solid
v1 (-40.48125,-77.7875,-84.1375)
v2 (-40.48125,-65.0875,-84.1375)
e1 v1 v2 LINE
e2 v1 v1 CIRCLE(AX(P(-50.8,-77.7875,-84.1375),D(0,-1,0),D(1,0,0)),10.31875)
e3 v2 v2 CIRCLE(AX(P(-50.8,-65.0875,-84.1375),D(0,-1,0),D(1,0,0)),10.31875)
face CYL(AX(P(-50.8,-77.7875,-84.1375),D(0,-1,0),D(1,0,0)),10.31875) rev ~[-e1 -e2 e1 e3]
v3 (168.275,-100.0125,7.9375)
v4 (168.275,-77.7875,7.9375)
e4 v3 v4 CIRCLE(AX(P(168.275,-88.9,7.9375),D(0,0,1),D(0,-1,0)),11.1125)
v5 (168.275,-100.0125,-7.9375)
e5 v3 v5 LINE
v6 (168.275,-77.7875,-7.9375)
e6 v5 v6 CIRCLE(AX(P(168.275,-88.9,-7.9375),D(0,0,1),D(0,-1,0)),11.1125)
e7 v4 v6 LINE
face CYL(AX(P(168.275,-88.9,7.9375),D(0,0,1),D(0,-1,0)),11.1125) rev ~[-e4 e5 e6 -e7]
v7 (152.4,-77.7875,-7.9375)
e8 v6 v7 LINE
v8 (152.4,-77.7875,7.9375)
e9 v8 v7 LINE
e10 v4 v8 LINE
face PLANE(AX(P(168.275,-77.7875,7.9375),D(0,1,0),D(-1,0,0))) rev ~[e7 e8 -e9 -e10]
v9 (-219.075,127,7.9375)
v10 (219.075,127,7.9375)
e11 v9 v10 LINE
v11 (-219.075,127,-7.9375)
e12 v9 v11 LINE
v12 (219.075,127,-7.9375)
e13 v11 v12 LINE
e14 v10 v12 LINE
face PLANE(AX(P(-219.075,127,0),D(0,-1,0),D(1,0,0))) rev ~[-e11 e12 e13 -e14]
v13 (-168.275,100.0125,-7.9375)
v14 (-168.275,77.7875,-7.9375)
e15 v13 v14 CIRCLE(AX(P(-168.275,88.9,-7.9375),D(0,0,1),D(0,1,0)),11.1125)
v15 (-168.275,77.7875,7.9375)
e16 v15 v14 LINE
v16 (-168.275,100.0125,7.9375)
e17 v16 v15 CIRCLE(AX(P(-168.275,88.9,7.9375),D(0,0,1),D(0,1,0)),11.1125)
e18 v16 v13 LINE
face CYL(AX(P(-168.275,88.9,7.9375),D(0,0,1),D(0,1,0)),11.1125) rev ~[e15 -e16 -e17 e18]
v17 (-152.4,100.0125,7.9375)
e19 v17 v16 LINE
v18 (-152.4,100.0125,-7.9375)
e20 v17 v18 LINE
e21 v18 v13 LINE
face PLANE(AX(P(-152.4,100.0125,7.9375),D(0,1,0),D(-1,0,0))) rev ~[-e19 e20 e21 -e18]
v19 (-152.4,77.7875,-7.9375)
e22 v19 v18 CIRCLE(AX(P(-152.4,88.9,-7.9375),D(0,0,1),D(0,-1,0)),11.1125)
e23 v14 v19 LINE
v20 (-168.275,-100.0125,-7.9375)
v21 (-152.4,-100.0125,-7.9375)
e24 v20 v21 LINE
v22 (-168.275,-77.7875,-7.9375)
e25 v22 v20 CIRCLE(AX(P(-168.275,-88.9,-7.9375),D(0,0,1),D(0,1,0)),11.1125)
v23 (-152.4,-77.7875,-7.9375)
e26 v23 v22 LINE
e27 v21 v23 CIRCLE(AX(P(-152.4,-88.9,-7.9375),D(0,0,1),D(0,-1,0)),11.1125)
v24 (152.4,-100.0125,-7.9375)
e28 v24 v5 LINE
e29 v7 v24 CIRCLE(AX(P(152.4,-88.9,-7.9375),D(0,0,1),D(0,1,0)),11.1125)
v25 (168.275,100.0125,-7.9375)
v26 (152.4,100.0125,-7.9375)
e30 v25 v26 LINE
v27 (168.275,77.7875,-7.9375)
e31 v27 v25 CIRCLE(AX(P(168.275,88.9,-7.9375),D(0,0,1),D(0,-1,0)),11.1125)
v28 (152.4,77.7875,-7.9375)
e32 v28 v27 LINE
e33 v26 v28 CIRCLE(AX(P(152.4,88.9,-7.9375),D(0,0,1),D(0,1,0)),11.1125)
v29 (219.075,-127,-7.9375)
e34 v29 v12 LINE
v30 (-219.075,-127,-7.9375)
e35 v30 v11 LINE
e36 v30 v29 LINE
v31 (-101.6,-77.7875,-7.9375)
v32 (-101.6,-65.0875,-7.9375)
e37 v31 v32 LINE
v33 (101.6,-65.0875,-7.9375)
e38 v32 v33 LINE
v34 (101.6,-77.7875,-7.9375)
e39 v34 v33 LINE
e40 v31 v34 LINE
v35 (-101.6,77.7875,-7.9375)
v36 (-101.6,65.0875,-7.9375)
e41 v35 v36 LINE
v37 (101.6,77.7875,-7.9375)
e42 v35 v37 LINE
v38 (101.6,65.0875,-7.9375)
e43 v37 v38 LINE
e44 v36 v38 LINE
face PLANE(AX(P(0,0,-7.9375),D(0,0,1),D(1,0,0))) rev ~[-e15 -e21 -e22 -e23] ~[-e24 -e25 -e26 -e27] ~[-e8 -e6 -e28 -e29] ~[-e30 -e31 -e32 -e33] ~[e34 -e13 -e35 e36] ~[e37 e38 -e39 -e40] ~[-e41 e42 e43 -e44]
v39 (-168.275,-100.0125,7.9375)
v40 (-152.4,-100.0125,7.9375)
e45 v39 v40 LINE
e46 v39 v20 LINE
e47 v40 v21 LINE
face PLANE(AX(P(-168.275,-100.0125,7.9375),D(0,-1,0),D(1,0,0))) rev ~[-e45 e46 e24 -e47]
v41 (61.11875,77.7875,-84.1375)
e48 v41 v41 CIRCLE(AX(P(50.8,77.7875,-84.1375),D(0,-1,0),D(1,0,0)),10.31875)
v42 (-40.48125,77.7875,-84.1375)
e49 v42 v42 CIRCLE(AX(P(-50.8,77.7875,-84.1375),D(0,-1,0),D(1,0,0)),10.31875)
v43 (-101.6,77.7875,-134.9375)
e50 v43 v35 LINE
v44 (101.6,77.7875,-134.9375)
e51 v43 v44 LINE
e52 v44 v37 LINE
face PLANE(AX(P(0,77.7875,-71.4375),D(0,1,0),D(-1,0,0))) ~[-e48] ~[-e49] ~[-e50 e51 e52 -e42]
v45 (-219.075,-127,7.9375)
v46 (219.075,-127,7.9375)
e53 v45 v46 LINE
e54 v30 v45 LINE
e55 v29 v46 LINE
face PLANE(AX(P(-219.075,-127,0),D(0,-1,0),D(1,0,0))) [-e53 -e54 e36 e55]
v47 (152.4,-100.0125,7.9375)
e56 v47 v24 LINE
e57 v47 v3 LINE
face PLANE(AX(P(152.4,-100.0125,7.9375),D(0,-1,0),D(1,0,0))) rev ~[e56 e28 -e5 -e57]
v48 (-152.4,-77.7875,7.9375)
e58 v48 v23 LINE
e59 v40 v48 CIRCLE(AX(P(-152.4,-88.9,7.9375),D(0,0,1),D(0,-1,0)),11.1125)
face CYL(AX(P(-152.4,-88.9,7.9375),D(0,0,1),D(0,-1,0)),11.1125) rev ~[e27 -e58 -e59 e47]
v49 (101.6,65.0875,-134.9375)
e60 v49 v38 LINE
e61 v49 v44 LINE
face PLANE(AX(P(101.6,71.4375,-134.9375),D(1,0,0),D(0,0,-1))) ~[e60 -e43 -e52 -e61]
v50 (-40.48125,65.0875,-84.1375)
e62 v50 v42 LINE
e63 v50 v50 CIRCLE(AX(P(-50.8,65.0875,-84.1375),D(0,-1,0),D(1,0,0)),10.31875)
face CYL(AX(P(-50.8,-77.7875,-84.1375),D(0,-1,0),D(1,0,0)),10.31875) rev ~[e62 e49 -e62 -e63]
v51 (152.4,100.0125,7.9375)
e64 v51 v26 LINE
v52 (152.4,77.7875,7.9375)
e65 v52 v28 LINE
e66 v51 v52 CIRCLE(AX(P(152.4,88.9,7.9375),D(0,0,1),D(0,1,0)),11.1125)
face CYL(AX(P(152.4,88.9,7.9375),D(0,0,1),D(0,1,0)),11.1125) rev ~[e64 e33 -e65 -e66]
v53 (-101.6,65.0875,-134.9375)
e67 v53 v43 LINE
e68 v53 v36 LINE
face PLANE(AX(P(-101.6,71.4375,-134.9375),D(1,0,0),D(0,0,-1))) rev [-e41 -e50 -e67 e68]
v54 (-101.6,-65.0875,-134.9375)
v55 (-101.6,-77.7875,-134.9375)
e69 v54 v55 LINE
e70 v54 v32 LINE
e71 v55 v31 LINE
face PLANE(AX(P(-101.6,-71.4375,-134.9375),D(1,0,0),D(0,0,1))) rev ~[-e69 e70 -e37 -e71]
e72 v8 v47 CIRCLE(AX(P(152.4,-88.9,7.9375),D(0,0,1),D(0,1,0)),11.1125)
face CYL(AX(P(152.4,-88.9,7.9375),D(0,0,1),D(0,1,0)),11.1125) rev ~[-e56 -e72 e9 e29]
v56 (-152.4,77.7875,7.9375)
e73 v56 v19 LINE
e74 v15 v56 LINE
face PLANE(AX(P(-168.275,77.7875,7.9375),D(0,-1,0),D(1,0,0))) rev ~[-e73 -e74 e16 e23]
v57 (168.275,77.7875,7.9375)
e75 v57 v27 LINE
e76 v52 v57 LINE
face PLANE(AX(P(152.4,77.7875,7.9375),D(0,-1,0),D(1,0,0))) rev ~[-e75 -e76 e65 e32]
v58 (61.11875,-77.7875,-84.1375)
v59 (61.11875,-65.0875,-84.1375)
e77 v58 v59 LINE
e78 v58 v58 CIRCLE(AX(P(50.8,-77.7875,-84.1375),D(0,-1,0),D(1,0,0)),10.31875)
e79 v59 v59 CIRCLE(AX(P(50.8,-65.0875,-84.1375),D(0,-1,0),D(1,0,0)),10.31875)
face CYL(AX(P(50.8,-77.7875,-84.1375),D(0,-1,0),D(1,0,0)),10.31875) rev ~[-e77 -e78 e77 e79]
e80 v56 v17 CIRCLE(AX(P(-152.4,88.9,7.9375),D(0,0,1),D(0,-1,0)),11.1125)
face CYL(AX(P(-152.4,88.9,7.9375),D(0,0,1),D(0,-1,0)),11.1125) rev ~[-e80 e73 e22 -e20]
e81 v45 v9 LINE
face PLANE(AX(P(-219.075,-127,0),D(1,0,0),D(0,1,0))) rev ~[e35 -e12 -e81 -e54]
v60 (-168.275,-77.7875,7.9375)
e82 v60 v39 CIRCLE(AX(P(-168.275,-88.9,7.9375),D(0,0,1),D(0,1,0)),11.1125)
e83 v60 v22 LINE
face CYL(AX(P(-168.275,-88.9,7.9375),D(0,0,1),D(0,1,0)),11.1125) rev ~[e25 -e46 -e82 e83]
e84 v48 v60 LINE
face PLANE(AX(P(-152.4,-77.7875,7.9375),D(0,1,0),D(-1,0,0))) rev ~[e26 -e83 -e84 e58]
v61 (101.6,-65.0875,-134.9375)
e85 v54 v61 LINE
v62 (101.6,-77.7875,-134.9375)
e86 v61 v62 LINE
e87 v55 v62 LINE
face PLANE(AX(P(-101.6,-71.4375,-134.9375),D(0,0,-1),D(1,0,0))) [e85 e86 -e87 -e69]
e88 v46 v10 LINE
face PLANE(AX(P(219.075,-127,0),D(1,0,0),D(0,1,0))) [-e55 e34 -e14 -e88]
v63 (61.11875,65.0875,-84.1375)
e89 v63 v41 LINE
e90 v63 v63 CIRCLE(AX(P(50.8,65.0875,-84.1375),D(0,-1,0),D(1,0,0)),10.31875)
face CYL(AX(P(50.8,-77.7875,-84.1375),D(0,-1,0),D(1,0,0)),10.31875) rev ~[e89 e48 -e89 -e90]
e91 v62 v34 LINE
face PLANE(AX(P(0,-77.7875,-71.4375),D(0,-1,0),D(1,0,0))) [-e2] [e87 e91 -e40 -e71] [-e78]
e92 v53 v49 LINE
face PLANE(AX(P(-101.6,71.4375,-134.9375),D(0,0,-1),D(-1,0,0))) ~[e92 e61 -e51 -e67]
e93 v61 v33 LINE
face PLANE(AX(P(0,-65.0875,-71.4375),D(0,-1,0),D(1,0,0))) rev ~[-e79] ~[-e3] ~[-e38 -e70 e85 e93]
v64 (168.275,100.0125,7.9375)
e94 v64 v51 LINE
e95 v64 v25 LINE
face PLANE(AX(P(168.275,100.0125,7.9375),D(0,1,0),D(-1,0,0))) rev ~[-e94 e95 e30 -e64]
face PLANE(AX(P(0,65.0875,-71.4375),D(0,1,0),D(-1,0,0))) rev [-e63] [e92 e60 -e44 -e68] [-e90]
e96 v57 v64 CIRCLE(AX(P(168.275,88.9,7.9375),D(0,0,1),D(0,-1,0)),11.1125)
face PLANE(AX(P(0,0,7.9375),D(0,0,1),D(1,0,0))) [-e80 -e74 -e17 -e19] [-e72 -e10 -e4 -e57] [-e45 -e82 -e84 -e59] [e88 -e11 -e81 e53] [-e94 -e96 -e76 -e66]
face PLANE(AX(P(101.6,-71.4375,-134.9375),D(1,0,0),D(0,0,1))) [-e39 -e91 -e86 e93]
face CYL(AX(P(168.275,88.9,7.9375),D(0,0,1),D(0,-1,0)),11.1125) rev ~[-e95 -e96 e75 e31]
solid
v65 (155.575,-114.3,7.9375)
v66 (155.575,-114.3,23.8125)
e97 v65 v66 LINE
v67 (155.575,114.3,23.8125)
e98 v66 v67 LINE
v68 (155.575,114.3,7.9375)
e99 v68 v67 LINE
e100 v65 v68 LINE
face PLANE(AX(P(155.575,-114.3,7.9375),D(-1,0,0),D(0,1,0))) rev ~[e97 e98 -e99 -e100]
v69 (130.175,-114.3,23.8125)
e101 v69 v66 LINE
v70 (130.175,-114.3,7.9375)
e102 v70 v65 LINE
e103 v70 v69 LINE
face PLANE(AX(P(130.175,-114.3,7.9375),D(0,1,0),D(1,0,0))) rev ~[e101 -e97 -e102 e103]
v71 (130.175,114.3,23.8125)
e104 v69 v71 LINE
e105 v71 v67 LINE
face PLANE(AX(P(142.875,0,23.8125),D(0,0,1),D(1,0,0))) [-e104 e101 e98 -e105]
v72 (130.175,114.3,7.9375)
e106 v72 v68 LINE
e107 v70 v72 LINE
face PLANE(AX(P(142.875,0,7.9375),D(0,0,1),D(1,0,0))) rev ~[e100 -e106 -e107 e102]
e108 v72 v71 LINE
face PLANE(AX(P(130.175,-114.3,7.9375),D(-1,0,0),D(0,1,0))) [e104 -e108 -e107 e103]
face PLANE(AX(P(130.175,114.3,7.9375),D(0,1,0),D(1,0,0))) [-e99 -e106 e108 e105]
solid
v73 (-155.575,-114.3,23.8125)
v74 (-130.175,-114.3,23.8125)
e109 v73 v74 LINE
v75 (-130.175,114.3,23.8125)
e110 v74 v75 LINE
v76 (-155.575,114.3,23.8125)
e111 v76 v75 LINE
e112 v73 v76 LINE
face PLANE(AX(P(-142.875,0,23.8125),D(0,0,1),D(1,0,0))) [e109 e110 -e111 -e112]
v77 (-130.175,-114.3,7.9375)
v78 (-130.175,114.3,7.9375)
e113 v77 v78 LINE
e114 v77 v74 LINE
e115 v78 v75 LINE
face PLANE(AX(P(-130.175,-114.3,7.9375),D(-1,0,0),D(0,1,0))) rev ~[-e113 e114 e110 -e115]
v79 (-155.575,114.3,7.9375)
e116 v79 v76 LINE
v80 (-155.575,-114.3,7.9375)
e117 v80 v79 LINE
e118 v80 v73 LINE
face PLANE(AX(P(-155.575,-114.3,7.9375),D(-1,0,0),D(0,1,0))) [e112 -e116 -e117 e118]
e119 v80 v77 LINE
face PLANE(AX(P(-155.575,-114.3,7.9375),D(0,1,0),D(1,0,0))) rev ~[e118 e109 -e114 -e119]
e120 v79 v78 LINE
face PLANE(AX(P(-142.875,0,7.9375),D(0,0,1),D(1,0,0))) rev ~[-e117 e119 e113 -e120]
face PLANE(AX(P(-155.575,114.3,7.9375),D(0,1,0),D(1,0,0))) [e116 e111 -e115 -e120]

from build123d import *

# Parameters (mm, degrees)
F0_W      = 438.15
F0_H      = 254
F1_DEPTH  = 7.9375
F2_W      = 203.2
F2_H      = 127
F3_DEPTH  = 6.35
F7_W      = 25.4
F7_H      = 228.6
F8_DEPTH  = 15.875
F10_DEPTH = 142.876
F11_R     = 10.31875
F12_DEPTH = 204.7885


with BuildPart() as f1:
    # F0 (on Top) → F1 (new body, symmetric)
    with BuildSketch(Plane.XY):
        Rectangle(F0_W, F0_H)
    extrude(amount=F1_DEPTH, both=True)



with BuildPart() as f3:
    # F2 (on Front) → F3 (new body, symmetric)
    with BuildSketch(Plane.XZ):
        with Locations((0, -71.4375)):
            Rectangle(F2_W, F2_H)
    extrude(amount=F3_DEPTH, both=True)


with BuildPart() as f3_1:
    # F4: moved
    add(f3.part.moved(Location((0, -71.4375, 0))))


with BuildPart() as f1_1:
    add(f1.part)

    add(f3_1.part)  # F6 merges F3
    # F6: F3 across plane
    add(f3_1.part.mirror(Plane.XZ))

    # F9 (on face) → F10 (cut, through all)
    with BuildSketch(Plane.XY.offset(7.9375)):
        with BuildLine():
            Line((-152.4, -77.7875), (-168.275, -77.7875))
            ThreePointArc((-168.275, -77.7875), (-179.3875, -88.9), (-168.275, -100.0125))
            Line((-168.275, -100.0125), (-152.4, -100.0125))
            ThreePointArc((-152.4, -100.0125), (-141.2875, -88.9), (-152.4, -77.7875))
        make_face()
        with BuildLine():
            ThreePointArc((-168.275, 100.0125), (-179.3875, 88.9), (-168.275, 77.7875))
            Line((-168.275, 77.7875), (-152.4, 77.7875))
            ThreePointArc((-152.4, 77.7875), (-141.2875, 88.9), (-152.4, 100.0125))
            Line((-152.4, 100.0125), (-168.275, 100.0125))
        make_face()
        with BuildLine():
            Line((152.4, 77.7875), (168.275, 77.7875))
            ThreePointArc((168.275, 77.7875), (179.3875, 88.9), (168.275, 100.0125))
            Line((168.275, 100.0125), (152.4, 100.0125))
            ThreePointArc((152.4, 100.0125), (141.2875, 88.9), (152.4, 77.7875))
        make_face()
        with BuildLine():
            ThreePointArc((168.275, -100.0125), (179.3875, -88.9), (168.275, -77.7875))
            Line((168.275, -77.7875), (152.4, -77.7875))
            ThreePointArc((152.4, -77.7875), (141.2875, -88.9), (152.4, -100.0125))
            Line((152.4, -100.0125), (168.275, -100.0125))
        make_face()
    extrude(amount=-F10_DEPTH, mode=Mode.SUBTRACT)

    # F11 (on face) → F12 (cut, through all)
    with BuildSketch(Plane.XZ.offset(77.7875)):
        with Locations((-50.8, -84.1375)):
            Circle(F11_R)
        with Locations((50.8, -84.1375)):
            Circle(F11_R)
    extrude(amount=-F12_DEPTH, mode=Mode.SUBTRACT)


with BuildPart() as f8:
    # F7 (on face) → F8 (new body)
    with BuildSketch(Plane.XY.offset(7.9375)):
        with Locations((-142.875, 0)):
            Rectangle(F7_W, F7_H)
    extrude(amount=F8_DEPTH)


with BuildPart() as f8b:
    # F7 (on face) → F8, piece 2 (new body)
    with BuildSketch(Plane.XY.offset(7.9375)):
        with Locations((142.875, 0)):
            Rectangle(F7_W, F7_H)
    extrude(amount=F8_DEPTH)


solid = Compound([f1_1.part, f8.part, f8b.part])
